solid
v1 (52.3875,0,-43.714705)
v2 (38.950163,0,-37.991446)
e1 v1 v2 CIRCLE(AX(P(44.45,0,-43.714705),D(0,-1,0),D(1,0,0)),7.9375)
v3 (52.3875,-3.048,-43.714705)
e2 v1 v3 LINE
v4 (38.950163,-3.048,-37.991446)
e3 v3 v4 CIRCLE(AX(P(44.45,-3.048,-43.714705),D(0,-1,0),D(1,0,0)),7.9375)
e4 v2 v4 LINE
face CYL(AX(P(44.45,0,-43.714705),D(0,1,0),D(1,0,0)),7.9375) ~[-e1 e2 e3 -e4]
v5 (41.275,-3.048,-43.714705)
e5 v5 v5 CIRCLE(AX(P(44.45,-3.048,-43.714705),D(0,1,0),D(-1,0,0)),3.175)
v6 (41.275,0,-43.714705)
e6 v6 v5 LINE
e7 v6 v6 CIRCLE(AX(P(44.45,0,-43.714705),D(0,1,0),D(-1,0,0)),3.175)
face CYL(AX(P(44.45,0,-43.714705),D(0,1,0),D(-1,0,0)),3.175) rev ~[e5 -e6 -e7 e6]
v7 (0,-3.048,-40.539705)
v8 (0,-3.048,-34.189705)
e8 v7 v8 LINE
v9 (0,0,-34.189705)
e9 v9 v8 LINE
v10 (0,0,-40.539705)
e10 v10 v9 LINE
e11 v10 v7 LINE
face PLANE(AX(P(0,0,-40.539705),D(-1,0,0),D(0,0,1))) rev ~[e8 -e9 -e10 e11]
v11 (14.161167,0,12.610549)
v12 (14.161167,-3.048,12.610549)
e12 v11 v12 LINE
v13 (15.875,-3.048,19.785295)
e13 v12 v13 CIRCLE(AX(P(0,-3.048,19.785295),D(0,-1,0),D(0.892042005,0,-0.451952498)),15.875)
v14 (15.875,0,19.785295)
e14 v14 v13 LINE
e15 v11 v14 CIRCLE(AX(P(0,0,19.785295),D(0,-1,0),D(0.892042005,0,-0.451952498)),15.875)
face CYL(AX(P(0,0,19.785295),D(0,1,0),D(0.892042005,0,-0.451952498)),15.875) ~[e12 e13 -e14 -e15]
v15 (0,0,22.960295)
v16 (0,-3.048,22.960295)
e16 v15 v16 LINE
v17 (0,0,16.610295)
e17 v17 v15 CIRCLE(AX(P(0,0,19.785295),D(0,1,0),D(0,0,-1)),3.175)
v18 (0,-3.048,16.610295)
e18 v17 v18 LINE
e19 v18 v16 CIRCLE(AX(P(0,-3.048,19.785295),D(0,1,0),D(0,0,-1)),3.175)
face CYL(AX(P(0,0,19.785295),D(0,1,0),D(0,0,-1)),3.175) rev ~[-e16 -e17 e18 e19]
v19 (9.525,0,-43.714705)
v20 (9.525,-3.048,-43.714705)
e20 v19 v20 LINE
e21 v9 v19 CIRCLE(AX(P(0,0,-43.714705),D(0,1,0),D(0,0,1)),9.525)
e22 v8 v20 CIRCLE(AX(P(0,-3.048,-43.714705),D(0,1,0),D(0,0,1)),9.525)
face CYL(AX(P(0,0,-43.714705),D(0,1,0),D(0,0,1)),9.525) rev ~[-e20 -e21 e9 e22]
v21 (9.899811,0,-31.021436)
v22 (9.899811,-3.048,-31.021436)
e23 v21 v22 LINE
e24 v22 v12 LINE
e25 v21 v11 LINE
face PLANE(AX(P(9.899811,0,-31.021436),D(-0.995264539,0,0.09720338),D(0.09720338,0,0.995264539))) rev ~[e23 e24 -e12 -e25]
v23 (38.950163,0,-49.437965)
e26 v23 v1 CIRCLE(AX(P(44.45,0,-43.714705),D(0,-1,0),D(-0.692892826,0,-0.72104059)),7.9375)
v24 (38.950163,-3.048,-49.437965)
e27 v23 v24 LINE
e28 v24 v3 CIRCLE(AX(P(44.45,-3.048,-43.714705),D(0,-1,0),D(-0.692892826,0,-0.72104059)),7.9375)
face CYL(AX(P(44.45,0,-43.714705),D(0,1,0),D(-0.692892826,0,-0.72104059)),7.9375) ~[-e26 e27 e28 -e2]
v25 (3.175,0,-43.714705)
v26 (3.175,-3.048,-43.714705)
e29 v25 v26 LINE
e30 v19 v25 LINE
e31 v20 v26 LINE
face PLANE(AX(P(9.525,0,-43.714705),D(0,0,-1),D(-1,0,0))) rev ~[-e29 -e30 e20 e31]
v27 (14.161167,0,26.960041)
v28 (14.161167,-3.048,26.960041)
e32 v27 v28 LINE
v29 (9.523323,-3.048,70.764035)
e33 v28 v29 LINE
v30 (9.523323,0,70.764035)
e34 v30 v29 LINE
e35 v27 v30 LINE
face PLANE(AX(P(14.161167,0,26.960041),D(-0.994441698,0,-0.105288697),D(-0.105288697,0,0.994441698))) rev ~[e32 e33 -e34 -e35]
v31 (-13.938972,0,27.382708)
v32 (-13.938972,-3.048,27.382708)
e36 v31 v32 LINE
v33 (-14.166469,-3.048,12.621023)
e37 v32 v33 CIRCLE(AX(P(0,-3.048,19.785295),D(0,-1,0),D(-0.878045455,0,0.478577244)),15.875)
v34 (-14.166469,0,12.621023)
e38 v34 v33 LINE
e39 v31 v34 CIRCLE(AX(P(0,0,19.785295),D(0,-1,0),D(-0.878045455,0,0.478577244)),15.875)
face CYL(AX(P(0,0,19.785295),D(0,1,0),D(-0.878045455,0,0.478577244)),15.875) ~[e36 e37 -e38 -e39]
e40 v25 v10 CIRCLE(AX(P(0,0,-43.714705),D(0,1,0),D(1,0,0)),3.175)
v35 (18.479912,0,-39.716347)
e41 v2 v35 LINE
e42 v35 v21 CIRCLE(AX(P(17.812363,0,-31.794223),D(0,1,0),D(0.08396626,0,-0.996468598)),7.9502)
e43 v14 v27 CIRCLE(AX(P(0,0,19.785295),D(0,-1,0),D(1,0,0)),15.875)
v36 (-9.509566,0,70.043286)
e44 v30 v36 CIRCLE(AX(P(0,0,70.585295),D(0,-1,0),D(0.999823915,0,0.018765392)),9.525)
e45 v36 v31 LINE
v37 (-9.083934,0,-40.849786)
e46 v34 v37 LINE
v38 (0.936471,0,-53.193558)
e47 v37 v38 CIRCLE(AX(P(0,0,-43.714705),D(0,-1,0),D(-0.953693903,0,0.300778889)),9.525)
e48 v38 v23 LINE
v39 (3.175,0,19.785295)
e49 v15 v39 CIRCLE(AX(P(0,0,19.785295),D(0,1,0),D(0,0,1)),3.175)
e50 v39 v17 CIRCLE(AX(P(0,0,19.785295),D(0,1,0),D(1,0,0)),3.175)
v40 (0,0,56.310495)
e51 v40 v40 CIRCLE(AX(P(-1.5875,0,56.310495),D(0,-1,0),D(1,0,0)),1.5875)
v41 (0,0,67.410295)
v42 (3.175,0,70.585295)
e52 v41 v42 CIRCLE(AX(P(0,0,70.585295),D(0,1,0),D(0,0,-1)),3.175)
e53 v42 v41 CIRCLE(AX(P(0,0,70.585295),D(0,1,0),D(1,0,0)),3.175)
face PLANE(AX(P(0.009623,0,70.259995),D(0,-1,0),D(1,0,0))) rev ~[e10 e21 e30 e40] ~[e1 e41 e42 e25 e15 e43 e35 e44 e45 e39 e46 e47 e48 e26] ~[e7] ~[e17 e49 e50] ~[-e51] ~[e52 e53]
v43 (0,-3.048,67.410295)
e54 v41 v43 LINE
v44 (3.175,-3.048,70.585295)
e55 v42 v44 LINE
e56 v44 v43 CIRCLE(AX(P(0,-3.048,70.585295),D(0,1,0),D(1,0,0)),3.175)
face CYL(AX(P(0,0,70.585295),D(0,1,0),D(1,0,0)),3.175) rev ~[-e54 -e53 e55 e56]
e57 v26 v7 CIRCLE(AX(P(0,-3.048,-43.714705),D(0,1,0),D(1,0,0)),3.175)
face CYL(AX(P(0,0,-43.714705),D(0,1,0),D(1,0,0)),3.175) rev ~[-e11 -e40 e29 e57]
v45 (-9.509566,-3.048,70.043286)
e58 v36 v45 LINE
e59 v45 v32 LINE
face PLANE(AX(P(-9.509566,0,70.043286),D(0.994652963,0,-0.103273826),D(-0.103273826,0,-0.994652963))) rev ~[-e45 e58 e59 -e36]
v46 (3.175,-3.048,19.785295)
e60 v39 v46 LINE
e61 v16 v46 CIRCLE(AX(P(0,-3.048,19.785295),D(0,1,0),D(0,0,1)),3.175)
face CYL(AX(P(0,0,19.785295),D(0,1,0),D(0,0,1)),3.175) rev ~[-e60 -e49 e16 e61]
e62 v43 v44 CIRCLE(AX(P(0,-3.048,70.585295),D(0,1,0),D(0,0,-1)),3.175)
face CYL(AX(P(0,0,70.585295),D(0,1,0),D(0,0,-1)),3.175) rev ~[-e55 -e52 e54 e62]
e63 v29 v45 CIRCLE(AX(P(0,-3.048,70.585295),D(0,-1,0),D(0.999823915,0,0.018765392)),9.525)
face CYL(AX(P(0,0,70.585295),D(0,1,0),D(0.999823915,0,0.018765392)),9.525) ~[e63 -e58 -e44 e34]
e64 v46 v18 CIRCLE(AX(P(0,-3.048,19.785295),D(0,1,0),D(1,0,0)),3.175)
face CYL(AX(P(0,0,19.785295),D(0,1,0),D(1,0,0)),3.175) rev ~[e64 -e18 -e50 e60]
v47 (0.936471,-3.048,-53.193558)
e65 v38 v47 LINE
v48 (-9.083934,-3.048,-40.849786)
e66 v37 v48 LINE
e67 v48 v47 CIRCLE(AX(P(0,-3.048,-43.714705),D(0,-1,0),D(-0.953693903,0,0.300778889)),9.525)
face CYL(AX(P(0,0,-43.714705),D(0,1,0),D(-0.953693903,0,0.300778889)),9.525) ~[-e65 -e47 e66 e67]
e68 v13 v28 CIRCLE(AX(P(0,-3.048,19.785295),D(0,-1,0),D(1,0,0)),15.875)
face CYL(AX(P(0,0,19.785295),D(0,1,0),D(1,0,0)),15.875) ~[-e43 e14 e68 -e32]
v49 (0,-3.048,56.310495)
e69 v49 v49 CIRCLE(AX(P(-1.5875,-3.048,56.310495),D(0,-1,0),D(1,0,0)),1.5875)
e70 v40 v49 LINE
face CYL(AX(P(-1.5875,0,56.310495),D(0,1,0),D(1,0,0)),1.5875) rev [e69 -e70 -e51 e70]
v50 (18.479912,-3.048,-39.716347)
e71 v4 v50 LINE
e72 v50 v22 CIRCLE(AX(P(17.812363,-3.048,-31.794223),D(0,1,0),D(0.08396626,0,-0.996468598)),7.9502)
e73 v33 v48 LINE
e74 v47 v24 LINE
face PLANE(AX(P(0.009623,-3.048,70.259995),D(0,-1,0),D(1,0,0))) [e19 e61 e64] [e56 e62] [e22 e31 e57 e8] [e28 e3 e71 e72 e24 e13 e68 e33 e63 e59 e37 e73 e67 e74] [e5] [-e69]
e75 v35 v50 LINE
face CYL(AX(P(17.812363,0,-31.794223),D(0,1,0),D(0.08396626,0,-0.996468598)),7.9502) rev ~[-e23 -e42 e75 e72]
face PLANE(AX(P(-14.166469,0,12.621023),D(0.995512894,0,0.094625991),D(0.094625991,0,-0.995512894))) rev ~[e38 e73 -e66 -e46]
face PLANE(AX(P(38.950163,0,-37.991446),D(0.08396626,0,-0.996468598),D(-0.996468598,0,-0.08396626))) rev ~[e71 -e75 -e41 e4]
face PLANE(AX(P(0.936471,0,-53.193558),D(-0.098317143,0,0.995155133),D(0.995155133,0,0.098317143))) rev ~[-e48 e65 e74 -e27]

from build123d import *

# Parameters (mm, degrees)
F0_R     = 1.5875
F1_DEPTH = 3.048


with BuildPart() as f1:
    # F0 (on Front) → F1 (new body)
    with BuildSketch(Plane.XZ):
        with BuildLine():
            ThreePointArc((-9.5095663313, 70.0432862662), (-6.5407566171, 63.6611249112), (0, 61.0602947442))
            ThreePointArc((0, 61.0602947442), (6.7351920908, 63.8501026534), (9.525, 70.5852947442))
            ThreePointArc((9.525, 70.5852947442), (9.5245806872, 70.6746688591), (9.5233227858, 70.7640351052))
            ThreePointArc((9.5233227858, 70.7640351052), (-0.3604400536, 80.1034725093), (-9.5095663313, 70.0432862662))
        make_face()
        with BuildLine():
            ThreePointArc((3.175, 70.5852947442), (2.2450640303, 68.3402307139), (0, 67.4102947442))
            ThreePointArc((0, 67.4102947442), (-2.2450640303, 72.8303587744), (3.175, 70.5852947442))
        make_face(mode=Mode.SUBTRACT)
        with BuildLine():
            ThreePointArc((9.525, 70.5852947442), (6.7351920908, 63.8501026534), (0, 61.0602947442))
            Line((0, 61.0602947442), (0, 56.3104947442))
            Line((0, 56.3104947442), (0, 35.6602947442))
            ThreePointArc((0, 35.6602947442), (8.3101303729, 33.311467824), (14.1611668333, 26.9600406573))
            Line((14.1611668333, 26.9600406573), (9.5233227858, 70.7640351052))
            ThreePointArc((9.5233227858, 70.7640351052), (9.5245806872, 70.6746688591), (9.525, 70.5852947442))
        make_face()
        with BuildLine():
            Line((0, 56.3104947442), (0, 61.0602947442))
            ThreePointArc((0, 61.0602947442), (-6.5407566171, 63.6611249112), (-9.5095663313, 70.0432862662))
            Line((-9.5095663313, 70.0432862662), (-13.9389716008, 27.3827084956))
            ThreePointArc((-13.9389716008, 27.3827084956), (-8.1057597329, 33.4349205322), (0, 35.6602947442))
            Line((0, 35.6602947442), (0, 56.3104947442))
        make_face()
        with Locations((-1.5875, 56.3104947442)):
            Circle(F0_R, mode=Mode.SUBTRACT)
        with BuildLine():
            ThreePointArc((14.1611668333, 26.9600406573), (8.3101303729, 33.311467824), (0, 35.6602947442))
            Line((0, 35.6602947442), (0, 22.9602947442))
            ThreePointArc((0, 22.9602947442), (2.2450640303, 22.0303587744), (3.175, 19.7852947442))
            ThreePointArc((3.175, 19.7852947442), (2.2450640303, 17.5402307139), (0, 16.6102947442))
            Line((0, 16.6102947442), (0, 3.9102947442))
            ThreePointArc((0, 3.9102947442), (8.3101303729, 6.2591216643), (14.1611668333, 12.610548831))
            ThreePointArc((14.1611668333, 12.610548831), (15.4405982475, 16.0969955751), (15.875, 19.7852947442))
            ThreePointArc((15.875, 19.7852947442), (15.4405982475, 23.4735939132), (14.1611668333, 26.9600406573))
        make_face()
        with BuildLine():
            Line((0, 22.9602947442), (0, 35.6602947442))
            ThreePointArc((0, 35.6602947442), (-8.1057597329, 33.4349205322), (-13.9389716008, 27.3827084956))
            ThreePointArc((-13.9389716008, 27.3827084956), (-15.8731151109, 20.0299203253), (-14.166468593, 12.621022792))
            ThreePointArc((-14.166468593, 12.621022792), (-8.31513102, 6.262195206), (0, 3.9102947442))
            Line((0, 3.9102947442), (0, 16.6102947442))
            ThreePointArc((0, 16.6102947442), (-3.175, 19.7852947442), (0, 22.9602947442))
        make_face()
        with BuildLine():
            ThreePointArc((0, 3.9102947442), (-8.31513102, 6.262195206), (-14.166468593, 12.621022792))
            Line((-14.166468593, 12.621022792), (-9.0839344232, -40.84978634))
            ThreePointArc((-9.0839344232, -40.84978634), (-5.6319300567, -36.0331045869), (0, -34.1897052558))
            Line((0, -34.1897052558), (0, 0))
            Line((0, 0), (0, 3.9102947442))
        make_face()
        with BuildLine():
            ThreePointArc((14.1611668333, 12.610548831), (8.3101303729, 6.2591216643), (0, 3.9102947442))
            Line((0, 3.9102947442), (0, 0))
            Line((0, 0), (0, -34.1897052558))
            ThreePointArc((0, -34.1897052558), (6.7351920908, -36.979513165), (9.525, -43.7147052558))
            Line((9.525, -43.7147052558), (36.5125, -43.7147052558))
            ThreePointArc((36.5125, -43.7147052558), (37.1472997839, -40.6043233172), (38.9501631947, -37.9914455758))
            Line((38.9501631947, -37.9914455758), (18.4799116013, -39.7163473726))
            ThreePointArc((18.4799116013, -39.7163473726), (12.1534860854, -37.3783781365), (9.8998108989, -31.0214364103))
            Line((9.8998108989, -31.0214364103), (14.1611668333, 12.610548831))
        make_face()
        with BuildLine():
            ThreePointArc((0, -34.1897052558), (-5.6319300567, -36.0331045869), (-9.0839344232, -40.84978634))
            ThreePointArc((-9.0839344232, -40.84978634), (-7.3950973803, -49.7178843915), (0.9364707331, -53.1935579061))
            ThreePointArc((0.9364707331, -53.1935579061), (7.058523526, -50.1102404667), (9.525, -43.7147052558))
            Line((9.525, -43.7147052558), (3.175, -43.7147052558))
            ThreePointArc((3.175, -43.7147052558), (-2.2450640303, -45.9597692861), (0, -40.5397052558))
            Line((0, -40.5397052558), (0, -34.1897052558))
        make_face()
        with BuildLine():
            ThreePointArc((9.525, -43.7147052558), (7.058523526, -50.1102404667), (0.9364707331, -53.1935579061))
            Line((0.9364707331, -53.1935579061), (38.9501631947, -49.4379649358))
            ThreePointArc((38.9501631947, -49.4379649358), (37.1472997839, -46.8250871944), (36.5125, -43.7147052558))
            Line((36.5125, -43.7147052558), (9.525, -43.7147052558))
        make_face()
        with BuildLine():
            ThreePointArc((36.5125, -43.7147052558), (37.1472997839, -46.8250871944), (38.9501631947, -49.4379649358))
            ThreePointArc((38.9501631947, -49.4379649358), (47.5603819386, -51.0174054719), (52.3875, -43.7147052558))
            ThreePointArc((52.3875, -43.7147052558), (47.5603819386, -36.4120050397), (38.9501631947, -37.9914455758))
            ThreePointArc((38.9501631947, -37.9914455758), (37.1472997839, -40.6043233172), (36.5125, -43.7147052558))
        make_face()
        with BuildLine():
            ThreePointArc((47.625, -43.7147052558), (44.45, -46.8897052558), (41.275, -43.7147052558))
            ThreePointArc((41.275, -43.7147052558), (44.45, -40.5397052558), (47.625, -43.7147052558))
        make_face(mode=Mode.SUBTRACT)
    extrude(amount=F1_DEPTH)


solid = f1.part
